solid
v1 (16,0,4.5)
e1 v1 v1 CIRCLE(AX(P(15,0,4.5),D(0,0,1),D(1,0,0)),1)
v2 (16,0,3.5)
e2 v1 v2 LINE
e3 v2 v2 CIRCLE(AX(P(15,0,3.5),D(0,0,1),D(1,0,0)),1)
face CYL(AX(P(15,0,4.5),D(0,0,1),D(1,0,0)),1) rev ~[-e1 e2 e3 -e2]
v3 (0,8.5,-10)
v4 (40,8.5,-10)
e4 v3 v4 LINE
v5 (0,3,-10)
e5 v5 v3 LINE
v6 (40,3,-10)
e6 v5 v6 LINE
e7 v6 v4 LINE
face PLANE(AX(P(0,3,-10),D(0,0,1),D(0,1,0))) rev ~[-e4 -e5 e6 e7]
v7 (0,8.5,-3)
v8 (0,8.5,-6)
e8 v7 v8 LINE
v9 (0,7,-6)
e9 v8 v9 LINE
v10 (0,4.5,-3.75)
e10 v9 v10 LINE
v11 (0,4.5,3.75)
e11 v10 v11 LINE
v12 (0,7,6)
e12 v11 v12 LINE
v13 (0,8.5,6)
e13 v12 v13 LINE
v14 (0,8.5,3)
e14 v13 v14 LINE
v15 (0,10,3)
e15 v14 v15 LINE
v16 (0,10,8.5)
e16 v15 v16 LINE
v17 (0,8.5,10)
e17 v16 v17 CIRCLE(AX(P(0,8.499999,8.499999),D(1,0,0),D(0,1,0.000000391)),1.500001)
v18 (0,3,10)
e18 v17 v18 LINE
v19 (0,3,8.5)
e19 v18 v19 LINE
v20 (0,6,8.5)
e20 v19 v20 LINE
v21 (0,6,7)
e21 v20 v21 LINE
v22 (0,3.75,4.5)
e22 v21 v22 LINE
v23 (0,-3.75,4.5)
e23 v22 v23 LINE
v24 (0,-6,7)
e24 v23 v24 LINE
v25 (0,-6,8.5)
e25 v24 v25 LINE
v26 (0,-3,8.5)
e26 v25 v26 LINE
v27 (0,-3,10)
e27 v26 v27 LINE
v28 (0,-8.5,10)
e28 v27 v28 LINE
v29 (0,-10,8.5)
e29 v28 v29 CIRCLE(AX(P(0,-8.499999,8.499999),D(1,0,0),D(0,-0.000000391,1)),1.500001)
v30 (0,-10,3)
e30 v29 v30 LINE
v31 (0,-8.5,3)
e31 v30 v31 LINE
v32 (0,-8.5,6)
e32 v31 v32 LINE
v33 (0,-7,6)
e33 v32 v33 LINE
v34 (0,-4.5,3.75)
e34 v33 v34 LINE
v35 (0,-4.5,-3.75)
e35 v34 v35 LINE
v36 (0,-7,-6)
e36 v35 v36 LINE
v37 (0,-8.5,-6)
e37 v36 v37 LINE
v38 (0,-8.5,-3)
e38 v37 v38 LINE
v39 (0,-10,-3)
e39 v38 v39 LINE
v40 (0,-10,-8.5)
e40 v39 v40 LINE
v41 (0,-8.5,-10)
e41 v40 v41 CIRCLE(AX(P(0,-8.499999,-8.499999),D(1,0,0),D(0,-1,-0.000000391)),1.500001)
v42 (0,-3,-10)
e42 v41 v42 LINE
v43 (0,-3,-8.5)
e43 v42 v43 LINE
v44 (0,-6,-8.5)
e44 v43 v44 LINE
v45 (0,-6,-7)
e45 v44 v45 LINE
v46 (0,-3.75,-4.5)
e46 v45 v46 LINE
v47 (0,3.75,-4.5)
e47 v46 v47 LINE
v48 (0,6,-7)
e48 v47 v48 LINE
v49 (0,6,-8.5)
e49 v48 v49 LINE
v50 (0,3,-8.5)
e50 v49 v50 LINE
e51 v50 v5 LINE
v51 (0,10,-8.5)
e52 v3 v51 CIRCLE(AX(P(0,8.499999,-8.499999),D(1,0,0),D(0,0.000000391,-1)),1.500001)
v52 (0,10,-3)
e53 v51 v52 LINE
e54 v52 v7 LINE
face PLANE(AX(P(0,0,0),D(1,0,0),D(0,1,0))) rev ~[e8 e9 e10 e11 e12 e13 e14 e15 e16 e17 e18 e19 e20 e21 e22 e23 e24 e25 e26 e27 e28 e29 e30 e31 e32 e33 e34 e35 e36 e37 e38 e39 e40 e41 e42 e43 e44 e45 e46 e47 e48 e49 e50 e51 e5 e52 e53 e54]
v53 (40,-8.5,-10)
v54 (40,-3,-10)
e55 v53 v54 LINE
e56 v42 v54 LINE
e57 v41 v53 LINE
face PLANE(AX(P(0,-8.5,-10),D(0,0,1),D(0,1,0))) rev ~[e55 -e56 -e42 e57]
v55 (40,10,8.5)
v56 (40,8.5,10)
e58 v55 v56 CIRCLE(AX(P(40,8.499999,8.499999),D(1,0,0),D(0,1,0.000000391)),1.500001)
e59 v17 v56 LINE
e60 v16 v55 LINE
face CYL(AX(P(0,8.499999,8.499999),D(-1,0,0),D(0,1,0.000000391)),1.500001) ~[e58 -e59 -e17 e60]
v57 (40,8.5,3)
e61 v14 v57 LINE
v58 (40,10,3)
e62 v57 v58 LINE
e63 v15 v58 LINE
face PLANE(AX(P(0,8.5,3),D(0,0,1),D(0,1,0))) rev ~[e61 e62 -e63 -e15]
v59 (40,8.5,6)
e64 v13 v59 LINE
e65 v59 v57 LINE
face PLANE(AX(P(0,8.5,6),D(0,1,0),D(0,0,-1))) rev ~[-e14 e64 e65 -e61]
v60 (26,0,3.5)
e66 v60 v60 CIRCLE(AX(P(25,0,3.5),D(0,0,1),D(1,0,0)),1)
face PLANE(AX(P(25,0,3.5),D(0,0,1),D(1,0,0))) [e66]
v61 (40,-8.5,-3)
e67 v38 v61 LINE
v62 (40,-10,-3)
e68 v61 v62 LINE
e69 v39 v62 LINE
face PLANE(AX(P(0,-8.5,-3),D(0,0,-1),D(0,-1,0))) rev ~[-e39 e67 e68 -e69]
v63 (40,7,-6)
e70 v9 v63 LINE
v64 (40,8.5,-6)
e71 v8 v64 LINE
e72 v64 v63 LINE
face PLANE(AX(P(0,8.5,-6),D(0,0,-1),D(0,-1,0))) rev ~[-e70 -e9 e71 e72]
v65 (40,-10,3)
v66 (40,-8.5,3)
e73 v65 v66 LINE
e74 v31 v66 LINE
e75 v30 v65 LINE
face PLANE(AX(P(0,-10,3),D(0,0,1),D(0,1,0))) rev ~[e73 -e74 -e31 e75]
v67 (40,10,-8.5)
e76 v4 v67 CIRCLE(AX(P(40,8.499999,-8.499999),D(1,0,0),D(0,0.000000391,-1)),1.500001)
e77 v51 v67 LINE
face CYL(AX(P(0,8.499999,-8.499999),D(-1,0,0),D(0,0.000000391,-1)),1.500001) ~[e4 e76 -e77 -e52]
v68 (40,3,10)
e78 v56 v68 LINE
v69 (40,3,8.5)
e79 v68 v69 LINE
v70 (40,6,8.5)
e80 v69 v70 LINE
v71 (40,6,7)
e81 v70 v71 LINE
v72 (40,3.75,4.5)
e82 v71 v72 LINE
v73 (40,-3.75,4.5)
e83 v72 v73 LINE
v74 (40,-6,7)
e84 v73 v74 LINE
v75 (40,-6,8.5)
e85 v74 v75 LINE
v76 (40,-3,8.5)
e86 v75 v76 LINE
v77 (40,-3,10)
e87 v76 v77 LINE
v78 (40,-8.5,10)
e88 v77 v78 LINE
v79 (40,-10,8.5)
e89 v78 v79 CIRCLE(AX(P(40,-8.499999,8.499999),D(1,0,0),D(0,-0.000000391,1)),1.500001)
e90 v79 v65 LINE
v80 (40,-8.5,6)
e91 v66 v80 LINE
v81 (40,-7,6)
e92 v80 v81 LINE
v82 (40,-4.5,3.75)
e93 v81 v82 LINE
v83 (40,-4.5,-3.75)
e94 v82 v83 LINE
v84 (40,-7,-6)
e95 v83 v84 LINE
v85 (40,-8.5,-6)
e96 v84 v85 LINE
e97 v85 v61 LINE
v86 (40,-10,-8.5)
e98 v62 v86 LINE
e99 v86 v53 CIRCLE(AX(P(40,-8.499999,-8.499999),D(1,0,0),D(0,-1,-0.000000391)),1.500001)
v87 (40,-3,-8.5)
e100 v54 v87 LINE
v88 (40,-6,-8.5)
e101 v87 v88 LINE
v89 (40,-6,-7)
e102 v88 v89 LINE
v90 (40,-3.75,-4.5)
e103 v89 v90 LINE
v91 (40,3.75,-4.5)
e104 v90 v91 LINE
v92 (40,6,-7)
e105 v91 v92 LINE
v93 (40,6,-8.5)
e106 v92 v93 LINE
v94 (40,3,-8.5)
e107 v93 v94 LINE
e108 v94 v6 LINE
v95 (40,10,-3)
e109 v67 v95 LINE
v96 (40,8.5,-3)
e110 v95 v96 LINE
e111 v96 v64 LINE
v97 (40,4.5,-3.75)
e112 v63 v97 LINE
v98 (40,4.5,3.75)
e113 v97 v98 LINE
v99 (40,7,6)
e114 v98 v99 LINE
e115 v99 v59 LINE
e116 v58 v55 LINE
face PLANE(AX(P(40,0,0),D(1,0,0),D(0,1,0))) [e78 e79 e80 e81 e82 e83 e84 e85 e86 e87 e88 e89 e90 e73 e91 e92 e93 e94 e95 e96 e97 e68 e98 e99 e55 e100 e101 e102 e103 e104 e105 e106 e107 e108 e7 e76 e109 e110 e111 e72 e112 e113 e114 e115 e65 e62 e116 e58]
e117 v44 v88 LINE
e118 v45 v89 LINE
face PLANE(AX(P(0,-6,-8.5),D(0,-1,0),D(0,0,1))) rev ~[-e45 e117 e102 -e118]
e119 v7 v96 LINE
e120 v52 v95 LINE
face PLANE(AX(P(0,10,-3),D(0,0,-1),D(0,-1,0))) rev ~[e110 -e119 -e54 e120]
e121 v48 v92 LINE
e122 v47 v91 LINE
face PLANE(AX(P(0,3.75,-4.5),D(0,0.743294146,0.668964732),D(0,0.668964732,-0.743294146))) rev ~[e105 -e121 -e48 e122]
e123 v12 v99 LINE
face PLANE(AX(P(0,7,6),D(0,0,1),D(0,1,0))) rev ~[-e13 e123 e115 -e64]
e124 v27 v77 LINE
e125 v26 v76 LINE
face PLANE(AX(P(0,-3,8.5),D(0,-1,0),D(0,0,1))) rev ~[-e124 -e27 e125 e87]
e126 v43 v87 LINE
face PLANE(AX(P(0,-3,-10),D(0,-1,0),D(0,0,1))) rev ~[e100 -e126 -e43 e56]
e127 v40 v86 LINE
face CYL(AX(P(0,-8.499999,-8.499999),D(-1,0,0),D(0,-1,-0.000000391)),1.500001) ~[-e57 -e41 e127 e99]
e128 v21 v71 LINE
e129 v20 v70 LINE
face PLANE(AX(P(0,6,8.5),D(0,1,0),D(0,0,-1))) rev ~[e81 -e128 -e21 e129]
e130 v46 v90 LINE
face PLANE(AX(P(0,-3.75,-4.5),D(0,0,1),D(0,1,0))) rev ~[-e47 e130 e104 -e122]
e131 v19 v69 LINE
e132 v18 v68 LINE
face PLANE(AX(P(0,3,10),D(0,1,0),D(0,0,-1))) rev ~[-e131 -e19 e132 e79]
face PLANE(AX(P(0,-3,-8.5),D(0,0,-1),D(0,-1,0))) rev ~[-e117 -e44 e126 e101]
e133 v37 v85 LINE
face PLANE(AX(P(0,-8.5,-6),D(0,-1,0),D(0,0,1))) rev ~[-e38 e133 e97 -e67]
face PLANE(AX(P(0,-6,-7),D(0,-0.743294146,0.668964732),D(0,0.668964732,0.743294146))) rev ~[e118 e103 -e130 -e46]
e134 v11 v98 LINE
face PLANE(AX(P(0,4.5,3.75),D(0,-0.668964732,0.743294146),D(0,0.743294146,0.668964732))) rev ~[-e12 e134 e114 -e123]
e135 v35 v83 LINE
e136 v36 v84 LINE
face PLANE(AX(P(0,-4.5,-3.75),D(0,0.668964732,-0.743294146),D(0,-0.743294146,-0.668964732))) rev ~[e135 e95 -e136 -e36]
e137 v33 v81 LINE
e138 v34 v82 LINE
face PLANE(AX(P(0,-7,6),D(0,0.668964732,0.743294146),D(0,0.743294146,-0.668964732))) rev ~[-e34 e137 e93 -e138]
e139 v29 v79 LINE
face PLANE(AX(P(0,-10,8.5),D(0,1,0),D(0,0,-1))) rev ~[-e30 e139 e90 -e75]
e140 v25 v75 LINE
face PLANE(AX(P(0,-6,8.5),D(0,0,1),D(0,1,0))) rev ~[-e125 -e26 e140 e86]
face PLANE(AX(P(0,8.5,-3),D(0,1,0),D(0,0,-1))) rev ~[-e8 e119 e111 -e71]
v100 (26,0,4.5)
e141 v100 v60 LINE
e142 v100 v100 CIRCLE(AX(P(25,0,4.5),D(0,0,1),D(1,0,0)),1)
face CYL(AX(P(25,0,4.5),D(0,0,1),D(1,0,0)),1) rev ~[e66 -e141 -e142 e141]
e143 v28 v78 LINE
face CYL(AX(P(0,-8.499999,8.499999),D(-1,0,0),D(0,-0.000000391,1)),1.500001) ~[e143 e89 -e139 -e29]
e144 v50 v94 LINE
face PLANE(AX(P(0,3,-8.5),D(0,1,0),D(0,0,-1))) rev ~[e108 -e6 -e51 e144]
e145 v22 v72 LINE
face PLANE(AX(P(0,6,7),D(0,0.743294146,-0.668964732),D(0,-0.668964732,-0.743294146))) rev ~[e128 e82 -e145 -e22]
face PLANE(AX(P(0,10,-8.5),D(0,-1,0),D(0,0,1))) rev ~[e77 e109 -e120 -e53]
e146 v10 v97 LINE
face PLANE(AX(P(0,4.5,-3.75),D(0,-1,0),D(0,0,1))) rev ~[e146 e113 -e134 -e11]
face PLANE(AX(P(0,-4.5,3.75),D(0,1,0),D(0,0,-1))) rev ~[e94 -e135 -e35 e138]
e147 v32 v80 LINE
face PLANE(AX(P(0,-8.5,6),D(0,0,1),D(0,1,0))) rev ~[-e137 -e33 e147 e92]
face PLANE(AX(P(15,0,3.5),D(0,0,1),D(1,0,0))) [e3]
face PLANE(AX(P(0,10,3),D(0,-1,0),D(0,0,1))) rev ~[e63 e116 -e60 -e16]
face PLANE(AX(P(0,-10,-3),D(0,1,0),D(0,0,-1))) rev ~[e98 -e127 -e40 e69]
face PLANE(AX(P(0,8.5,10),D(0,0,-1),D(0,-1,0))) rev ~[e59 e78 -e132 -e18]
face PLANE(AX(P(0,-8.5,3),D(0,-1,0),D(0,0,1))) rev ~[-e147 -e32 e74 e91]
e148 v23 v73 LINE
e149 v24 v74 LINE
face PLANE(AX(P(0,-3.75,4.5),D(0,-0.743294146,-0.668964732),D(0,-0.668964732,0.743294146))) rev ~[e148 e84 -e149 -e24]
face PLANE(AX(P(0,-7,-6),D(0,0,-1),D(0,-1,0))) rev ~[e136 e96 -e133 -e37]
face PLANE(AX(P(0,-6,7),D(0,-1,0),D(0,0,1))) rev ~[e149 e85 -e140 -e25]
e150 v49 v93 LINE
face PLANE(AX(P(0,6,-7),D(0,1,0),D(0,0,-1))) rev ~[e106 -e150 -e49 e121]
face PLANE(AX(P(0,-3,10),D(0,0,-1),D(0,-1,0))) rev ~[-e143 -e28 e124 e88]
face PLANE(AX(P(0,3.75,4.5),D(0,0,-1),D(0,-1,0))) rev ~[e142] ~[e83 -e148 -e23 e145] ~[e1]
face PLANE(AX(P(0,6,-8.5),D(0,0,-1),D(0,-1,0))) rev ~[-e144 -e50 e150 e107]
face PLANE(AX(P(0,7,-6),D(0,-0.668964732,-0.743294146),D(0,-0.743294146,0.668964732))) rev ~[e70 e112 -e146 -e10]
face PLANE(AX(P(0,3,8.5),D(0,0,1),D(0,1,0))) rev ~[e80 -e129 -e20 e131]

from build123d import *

# Parameters (mm, degrees)
F1_DEPTH = 40
F2_R     = 1
F3_DEPTH = 1


with BuildPart() as f1:
    # F0 (on Right) → F1 (new body)
    with BuildSketch(Plane.YZ):
        with BuildLine():
            ThreePointArc((10, 8.5), (9.56066, 9.56066), (8.5, 10))
            Line((8.5, 10), (3, 10))
            Line((3, 10), (3, 8.5))
            Line((3, 8.5), (6, 8.5))
            Line((6, 8.5), (6, 7))
            Line((6, 7), (3.75, 4.5))
            Line((3.75, 4.5), (0, 4.5))
            Line((0, 4.5), (-3.75, 4.5))
            Line((-3.75, 4.5), (-6, 7))
            Line((-6, 7), (-6, 8.5))
            Line((-6, 8.5), (-3, 8.5))
            Line((-3, 8.5), (-3, 10))
            Line((-3, 10), (-8.5, 10))
            ThreePointArc((-8.5, 10), (-9.56066, 9.56066), (-10, 8.5))
            Line((-10, 8.5), (-10, 3))
            Line((-10, 3), (-8.5, 3))
            Line((-8.5, 3), (-8.5, 6))
            Line((-8.5, 6), (-7, 6))
            Line((-7, 6), (-4.5, 3.75))
            Line((-4.5, 3.75), (-4.5, 0))
            Line((-4.5, 0), (-4.5, -3.75))
            Line((-4.5, -3.75), (-7, -6))
            Line((-7, -6), (-8.5, -6))
            Line((-8.5, -6), (-8.5, -3))
            Line((-8.5, -3), (-10, -3))
            Line((-10, -3), (-10, -8.5))
            ThreePointArc((-10, -8.5), (-9.56066, -9.56066), (-8.5, -10))
            Line((-8.5, -10), (-3, -10))
            Line((-3, -10), (-3, -8.5))
            Line((-3, -8.5), (-6, -8.5))
            Line((-6, -8.5), (-6, -7))
            Line((-6, -7), (-3.75, -4.5))
            Line((-3.75, -4.5), (0, -4.5))
            Line((0, -4.5), (3.75, -4.5))
            Line((3.75, -4.5), (6, -7))
            Line((6, -7), (6, -8.5))
            Line((6, -8.5), (3, -8.5))
            Line((3, -8.5), (3, -10))
            Line((3, -10), (8.5, -10))
            ThreePointArc((8.5, -10), (9.56066, -9.56066), (10, -8.5))
            Line((10, -8.5), (10, -3))
            Line((10, -3), (8.5, -3))
            Line((8.5, -3), (8.5, -6))
            Line((8.5, -6), (7, -6))
            Line((7, -6), (4.5, -3.75))
            Line((4.5, -3.75), (4.5, 0))
            Line((4.5, 0), (4.5, 3.75))
            Line((4.5, 3.75), (7, 6))
            Line((7, 6), (8.5, 6))
            Line((8.5, 6), (8.5, 3))
            Line((8.5, 3), (10, 3))
            Line((10, 3), (10, 8.5))
        make_face()
    extrude(amount=F1_DEPTH)

    # F2 (on face) → F3 (cut)
    with BuildSketch(Plane.XY.offset(4.5)):
        with Locations((15, 0)):
            Circle(F2_R)
        with Locations((25, 0)):
            Circle(F2_R)
    extrude(amount=-F3_DEPTH, mode=Mode.SUBTRACT)


solid = f1.part
